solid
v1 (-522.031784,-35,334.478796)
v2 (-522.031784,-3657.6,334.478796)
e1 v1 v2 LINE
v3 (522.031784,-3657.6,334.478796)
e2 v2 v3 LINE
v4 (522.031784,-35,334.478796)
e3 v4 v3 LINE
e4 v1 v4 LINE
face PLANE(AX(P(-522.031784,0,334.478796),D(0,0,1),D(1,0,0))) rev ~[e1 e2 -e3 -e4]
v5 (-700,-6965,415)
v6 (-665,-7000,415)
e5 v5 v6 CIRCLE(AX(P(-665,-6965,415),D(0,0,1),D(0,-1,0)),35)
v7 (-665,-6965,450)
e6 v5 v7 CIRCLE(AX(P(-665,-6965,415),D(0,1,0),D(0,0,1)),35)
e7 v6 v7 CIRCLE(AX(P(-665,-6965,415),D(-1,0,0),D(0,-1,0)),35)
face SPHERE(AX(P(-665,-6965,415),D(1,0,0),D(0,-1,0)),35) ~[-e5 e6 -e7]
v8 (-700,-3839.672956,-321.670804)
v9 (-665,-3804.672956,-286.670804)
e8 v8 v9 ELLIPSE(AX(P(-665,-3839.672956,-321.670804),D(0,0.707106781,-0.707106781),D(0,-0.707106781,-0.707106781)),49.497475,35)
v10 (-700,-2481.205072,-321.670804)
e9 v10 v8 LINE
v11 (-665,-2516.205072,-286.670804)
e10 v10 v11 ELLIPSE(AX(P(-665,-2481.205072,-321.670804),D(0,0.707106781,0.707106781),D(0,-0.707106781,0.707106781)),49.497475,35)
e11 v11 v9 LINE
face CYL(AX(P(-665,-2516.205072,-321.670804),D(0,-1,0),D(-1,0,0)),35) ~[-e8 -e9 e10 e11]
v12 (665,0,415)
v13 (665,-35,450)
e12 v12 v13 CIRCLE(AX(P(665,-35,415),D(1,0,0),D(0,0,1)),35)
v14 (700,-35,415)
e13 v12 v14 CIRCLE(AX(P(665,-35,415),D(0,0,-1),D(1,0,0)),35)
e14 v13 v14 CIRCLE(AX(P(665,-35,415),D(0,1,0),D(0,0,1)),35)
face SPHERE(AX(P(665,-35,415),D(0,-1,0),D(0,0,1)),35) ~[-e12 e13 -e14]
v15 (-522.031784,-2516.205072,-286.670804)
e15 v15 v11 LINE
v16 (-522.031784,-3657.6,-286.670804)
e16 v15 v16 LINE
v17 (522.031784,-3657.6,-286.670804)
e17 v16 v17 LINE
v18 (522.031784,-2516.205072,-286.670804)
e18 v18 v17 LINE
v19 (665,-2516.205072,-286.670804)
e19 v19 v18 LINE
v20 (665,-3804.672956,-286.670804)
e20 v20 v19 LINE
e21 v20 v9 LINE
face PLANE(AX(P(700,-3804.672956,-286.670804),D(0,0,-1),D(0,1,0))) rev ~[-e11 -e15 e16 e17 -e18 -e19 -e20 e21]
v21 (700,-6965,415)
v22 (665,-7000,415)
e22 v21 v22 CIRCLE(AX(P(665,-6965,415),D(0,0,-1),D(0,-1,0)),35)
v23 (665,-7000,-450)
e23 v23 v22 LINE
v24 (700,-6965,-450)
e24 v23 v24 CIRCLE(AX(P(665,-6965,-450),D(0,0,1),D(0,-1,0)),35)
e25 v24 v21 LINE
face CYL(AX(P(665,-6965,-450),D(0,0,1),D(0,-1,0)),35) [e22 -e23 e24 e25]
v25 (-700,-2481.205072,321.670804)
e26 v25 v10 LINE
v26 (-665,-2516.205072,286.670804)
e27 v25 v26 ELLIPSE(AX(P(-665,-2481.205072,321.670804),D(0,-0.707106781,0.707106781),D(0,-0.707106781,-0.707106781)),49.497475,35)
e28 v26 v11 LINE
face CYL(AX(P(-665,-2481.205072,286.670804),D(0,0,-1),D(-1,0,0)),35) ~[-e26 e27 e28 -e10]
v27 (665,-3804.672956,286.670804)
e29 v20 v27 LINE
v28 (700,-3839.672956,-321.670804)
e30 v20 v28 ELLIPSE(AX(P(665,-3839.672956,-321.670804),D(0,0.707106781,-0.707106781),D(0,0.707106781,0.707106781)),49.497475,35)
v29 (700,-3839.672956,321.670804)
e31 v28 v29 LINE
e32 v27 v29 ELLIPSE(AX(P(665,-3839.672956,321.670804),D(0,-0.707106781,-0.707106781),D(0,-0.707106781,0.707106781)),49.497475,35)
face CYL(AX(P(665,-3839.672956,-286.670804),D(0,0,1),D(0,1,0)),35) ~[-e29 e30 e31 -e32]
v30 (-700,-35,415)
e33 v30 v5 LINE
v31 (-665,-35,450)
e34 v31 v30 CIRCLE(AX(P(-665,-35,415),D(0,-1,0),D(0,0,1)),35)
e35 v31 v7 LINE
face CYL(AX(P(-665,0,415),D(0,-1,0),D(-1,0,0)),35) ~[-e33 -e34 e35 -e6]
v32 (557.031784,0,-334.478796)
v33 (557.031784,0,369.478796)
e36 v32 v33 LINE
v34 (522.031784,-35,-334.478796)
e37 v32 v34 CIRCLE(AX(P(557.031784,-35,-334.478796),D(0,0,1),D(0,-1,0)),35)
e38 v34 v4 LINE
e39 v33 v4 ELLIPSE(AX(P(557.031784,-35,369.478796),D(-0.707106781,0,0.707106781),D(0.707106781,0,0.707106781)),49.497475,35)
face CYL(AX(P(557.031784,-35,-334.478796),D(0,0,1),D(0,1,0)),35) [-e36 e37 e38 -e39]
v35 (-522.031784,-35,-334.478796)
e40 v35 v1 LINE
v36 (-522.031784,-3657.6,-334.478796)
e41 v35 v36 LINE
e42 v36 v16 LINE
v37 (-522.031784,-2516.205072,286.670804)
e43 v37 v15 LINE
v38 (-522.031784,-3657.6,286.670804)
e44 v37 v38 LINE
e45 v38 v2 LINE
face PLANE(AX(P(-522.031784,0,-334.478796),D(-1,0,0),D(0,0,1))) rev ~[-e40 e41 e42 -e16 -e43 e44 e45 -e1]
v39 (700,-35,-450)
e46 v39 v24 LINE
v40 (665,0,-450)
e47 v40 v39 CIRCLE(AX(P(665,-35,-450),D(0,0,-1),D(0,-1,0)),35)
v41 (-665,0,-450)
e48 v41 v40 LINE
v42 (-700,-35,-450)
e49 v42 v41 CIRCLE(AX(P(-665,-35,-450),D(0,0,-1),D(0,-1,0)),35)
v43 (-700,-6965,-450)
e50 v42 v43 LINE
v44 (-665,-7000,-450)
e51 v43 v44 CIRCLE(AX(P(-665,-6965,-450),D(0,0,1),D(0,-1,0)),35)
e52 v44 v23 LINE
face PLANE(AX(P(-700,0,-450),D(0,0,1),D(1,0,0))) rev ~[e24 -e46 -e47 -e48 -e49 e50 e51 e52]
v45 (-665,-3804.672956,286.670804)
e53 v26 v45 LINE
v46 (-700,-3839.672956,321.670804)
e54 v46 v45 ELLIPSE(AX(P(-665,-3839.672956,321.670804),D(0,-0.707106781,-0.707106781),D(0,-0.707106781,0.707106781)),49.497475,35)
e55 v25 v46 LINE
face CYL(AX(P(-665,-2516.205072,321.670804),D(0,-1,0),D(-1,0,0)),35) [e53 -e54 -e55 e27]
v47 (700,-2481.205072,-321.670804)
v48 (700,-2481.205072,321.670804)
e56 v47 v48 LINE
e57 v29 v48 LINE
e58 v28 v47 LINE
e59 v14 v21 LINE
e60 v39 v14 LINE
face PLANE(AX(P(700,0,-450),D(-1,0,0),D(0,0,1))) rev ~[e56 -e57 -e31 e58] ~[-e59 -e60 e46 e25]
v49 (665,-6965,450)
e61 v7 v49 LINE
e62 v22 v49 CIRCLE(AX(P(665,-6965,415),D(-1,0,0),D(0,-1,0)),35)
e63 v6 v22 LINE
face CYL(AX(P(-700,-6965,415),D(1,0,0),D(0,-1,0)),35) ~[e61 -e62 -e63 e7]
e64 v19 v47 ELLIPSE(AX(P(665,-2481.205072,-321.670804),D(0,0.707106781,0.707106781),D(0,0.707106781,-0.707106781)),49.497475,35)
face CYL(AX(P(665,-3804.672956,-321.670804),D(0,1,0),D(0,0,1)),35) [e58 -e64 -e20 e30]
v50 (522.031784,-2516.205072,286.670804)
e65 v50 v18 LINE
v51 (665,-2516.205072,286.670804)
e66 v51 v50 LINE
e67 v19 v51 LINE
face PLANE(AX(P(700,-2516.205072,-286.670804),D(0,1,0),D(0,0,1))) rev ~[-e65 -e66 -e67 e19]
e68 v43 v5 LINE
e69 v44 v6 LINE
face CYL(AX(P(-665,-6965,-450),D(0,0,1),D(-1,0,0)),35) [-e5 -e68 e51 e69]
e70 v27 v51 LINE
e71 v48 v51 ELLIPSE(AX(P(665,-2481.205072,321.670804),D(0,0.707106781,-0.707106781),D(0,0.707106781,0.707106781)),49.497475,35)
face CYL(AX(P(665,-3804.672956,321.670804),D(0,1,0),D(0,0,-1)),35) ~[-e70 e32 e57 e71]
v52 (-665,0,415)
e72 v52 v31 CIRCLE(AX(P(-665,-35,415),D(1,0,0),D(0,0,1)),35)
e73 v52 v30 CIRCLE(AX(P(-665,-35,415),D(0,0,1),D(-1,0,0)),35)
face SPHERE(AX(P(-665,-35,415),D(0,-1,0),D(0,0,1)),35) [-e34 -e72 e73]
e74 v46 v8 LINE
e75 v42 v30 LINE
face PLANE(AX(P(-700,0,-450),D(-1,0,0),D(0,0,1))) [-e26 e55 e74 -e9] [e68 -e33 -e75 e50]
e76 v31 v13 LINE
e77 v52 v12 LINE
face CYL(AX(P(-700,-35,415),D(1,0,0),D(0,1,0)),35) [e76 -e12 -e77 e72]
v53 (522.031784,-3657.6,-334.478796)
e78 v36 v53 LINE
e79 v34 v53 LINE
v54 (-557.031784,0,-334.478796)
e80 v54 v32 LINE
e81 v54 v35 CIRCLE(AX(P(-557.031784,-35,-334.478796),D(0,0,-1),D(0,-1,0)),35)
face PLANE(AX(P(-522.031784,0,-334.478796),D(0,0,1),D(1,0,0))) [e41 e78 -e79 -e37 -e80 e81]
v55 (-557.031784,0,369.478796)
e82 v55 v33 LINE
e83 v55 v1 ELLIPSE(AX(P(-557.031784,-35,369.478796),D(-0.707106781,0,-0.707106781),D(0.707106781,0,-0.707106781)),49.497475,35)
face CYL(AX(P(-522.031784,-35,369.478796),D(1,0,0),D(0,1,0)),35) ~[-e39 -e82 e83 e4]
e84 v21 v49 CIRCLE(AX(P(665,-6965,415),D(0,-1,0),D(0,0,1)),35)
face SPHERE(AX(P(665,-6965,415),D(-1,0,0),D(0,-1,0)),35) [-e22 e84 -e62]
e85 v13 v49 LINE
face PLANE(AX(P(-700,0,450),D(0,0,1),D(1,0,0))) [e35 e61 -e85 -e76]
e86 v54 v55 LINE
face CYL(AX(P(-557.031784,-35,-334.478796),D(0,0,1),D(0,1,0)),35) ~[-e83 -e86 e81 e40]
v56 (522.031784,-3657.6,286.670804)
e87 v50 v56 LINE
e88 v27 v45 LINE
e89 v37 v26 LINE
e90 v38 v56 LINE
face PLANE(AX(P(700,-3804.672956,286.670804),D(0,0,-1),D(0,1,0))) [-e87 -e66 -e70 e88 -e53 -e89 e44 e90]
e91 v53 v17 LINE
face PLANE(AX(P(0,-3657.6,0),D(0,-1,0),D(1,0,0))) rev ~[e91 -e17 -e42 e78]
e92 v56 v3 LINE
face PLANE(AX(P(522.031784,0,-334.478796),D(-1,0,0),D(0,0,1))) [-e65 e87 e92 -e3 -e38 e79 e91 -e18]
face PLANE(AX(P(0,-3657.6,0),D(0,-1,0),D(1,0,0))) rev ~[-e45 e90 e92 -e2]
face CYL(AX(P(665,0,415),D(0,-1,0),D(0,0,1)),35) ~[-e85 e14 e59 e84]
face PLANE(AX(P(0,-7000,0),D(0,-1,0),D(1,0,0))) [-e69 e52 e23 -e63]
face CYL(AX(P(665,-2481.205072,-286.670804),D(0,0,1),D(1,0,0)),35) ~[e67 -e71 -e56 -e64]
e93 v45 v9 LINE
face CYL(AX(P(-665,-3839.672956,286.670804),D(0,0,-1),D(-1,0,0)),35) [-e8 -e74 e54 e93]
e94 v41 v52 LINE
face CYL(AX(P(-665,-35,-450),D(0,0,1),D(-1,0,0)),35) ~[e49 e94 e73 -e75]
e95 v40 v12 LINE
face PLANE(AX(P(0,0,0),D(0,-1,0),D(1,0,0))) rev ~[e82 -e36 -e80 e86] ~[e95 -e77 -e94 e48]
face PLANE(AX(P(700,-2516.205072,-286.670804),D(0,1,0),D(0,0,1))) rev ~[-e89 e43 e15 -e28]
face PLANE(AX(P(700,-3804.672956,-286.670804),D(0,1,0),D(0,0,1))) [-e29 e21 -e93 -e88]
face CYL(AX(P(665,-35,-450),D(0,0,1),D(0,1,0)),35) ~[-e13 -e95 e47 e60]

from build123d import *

# Parameters (mm, degrees)
F0_W     = 1400
F0_H     = 900
F1_DEPTH = 7000
F2_W     = 1044.063568
F2_H     = 668.957592
F3_DEPTH = 3657.6
F4_W     = 1288.467884
F4_H     = 573.341608
F5_DEPTH = 1400.001
F6_R     = 35
F7_R     = 35


with BuildPart() as f1:
    # F0 (on Front) → F1 (new body)
    with BuildSketch(Plane.XZ):
        Rectangle(F0_W, F0_H)
    extrude(amount=F1_DEPTH)

    # F2 (on Front) → F3 (cut)
    with BuildSketch(Plane.XZ):
        Rectangle(F2_W, F2_H)
    extrude(amount=F3_DEPTH, mode=Mode.SUBTRACT)

    # F4 (on face) → F5 (cut, through all)
    with BuildSketch(Plane.YZ.offset(700)):
        with Locations((-3160.439014, 0)):
            Rectangle(F4_W, F4_H)
    extrude(amount=-F5_DEPTH, mode=Mode.SUBTRACT)

    # F6
    f6_edges = [f1.edges().sort_by_distance(p)[0] for p in [
        (0, -7000, 450),
        (700, -7000, 0),
        (700, -3500, 450),
        (-700, -7000, 0),
        (-700, -3500, 450),
        (0, 0, 450),
        (700, 0, 0),
        (-700, 0, 0),
    ]]
    fillet(f6_edges, radius=F6_R)

    # F7
    f7_edges = [f1.edges().sort_by_distance(p)[0] for p in [
        (522.031784, 0, 0),
        (0, 0, 334.478796),
        (-522.031784, 0, 0),
        (700, -3804.672956, 0),
        (700, -3160.439014, -286.670804),
        (700, -2516.205072, 0),
        (700, -3160.439014, 286.670804),
        (-700, -3160.439014, -286.670804),
        (-700, -2516.205072, 0),
        (-700, -3160.439014, 286.670804),
        (-700, -3804.672956, 0),
    ]]
    fillet(f7_edges, radius=F7_R)


solid = f1.part
